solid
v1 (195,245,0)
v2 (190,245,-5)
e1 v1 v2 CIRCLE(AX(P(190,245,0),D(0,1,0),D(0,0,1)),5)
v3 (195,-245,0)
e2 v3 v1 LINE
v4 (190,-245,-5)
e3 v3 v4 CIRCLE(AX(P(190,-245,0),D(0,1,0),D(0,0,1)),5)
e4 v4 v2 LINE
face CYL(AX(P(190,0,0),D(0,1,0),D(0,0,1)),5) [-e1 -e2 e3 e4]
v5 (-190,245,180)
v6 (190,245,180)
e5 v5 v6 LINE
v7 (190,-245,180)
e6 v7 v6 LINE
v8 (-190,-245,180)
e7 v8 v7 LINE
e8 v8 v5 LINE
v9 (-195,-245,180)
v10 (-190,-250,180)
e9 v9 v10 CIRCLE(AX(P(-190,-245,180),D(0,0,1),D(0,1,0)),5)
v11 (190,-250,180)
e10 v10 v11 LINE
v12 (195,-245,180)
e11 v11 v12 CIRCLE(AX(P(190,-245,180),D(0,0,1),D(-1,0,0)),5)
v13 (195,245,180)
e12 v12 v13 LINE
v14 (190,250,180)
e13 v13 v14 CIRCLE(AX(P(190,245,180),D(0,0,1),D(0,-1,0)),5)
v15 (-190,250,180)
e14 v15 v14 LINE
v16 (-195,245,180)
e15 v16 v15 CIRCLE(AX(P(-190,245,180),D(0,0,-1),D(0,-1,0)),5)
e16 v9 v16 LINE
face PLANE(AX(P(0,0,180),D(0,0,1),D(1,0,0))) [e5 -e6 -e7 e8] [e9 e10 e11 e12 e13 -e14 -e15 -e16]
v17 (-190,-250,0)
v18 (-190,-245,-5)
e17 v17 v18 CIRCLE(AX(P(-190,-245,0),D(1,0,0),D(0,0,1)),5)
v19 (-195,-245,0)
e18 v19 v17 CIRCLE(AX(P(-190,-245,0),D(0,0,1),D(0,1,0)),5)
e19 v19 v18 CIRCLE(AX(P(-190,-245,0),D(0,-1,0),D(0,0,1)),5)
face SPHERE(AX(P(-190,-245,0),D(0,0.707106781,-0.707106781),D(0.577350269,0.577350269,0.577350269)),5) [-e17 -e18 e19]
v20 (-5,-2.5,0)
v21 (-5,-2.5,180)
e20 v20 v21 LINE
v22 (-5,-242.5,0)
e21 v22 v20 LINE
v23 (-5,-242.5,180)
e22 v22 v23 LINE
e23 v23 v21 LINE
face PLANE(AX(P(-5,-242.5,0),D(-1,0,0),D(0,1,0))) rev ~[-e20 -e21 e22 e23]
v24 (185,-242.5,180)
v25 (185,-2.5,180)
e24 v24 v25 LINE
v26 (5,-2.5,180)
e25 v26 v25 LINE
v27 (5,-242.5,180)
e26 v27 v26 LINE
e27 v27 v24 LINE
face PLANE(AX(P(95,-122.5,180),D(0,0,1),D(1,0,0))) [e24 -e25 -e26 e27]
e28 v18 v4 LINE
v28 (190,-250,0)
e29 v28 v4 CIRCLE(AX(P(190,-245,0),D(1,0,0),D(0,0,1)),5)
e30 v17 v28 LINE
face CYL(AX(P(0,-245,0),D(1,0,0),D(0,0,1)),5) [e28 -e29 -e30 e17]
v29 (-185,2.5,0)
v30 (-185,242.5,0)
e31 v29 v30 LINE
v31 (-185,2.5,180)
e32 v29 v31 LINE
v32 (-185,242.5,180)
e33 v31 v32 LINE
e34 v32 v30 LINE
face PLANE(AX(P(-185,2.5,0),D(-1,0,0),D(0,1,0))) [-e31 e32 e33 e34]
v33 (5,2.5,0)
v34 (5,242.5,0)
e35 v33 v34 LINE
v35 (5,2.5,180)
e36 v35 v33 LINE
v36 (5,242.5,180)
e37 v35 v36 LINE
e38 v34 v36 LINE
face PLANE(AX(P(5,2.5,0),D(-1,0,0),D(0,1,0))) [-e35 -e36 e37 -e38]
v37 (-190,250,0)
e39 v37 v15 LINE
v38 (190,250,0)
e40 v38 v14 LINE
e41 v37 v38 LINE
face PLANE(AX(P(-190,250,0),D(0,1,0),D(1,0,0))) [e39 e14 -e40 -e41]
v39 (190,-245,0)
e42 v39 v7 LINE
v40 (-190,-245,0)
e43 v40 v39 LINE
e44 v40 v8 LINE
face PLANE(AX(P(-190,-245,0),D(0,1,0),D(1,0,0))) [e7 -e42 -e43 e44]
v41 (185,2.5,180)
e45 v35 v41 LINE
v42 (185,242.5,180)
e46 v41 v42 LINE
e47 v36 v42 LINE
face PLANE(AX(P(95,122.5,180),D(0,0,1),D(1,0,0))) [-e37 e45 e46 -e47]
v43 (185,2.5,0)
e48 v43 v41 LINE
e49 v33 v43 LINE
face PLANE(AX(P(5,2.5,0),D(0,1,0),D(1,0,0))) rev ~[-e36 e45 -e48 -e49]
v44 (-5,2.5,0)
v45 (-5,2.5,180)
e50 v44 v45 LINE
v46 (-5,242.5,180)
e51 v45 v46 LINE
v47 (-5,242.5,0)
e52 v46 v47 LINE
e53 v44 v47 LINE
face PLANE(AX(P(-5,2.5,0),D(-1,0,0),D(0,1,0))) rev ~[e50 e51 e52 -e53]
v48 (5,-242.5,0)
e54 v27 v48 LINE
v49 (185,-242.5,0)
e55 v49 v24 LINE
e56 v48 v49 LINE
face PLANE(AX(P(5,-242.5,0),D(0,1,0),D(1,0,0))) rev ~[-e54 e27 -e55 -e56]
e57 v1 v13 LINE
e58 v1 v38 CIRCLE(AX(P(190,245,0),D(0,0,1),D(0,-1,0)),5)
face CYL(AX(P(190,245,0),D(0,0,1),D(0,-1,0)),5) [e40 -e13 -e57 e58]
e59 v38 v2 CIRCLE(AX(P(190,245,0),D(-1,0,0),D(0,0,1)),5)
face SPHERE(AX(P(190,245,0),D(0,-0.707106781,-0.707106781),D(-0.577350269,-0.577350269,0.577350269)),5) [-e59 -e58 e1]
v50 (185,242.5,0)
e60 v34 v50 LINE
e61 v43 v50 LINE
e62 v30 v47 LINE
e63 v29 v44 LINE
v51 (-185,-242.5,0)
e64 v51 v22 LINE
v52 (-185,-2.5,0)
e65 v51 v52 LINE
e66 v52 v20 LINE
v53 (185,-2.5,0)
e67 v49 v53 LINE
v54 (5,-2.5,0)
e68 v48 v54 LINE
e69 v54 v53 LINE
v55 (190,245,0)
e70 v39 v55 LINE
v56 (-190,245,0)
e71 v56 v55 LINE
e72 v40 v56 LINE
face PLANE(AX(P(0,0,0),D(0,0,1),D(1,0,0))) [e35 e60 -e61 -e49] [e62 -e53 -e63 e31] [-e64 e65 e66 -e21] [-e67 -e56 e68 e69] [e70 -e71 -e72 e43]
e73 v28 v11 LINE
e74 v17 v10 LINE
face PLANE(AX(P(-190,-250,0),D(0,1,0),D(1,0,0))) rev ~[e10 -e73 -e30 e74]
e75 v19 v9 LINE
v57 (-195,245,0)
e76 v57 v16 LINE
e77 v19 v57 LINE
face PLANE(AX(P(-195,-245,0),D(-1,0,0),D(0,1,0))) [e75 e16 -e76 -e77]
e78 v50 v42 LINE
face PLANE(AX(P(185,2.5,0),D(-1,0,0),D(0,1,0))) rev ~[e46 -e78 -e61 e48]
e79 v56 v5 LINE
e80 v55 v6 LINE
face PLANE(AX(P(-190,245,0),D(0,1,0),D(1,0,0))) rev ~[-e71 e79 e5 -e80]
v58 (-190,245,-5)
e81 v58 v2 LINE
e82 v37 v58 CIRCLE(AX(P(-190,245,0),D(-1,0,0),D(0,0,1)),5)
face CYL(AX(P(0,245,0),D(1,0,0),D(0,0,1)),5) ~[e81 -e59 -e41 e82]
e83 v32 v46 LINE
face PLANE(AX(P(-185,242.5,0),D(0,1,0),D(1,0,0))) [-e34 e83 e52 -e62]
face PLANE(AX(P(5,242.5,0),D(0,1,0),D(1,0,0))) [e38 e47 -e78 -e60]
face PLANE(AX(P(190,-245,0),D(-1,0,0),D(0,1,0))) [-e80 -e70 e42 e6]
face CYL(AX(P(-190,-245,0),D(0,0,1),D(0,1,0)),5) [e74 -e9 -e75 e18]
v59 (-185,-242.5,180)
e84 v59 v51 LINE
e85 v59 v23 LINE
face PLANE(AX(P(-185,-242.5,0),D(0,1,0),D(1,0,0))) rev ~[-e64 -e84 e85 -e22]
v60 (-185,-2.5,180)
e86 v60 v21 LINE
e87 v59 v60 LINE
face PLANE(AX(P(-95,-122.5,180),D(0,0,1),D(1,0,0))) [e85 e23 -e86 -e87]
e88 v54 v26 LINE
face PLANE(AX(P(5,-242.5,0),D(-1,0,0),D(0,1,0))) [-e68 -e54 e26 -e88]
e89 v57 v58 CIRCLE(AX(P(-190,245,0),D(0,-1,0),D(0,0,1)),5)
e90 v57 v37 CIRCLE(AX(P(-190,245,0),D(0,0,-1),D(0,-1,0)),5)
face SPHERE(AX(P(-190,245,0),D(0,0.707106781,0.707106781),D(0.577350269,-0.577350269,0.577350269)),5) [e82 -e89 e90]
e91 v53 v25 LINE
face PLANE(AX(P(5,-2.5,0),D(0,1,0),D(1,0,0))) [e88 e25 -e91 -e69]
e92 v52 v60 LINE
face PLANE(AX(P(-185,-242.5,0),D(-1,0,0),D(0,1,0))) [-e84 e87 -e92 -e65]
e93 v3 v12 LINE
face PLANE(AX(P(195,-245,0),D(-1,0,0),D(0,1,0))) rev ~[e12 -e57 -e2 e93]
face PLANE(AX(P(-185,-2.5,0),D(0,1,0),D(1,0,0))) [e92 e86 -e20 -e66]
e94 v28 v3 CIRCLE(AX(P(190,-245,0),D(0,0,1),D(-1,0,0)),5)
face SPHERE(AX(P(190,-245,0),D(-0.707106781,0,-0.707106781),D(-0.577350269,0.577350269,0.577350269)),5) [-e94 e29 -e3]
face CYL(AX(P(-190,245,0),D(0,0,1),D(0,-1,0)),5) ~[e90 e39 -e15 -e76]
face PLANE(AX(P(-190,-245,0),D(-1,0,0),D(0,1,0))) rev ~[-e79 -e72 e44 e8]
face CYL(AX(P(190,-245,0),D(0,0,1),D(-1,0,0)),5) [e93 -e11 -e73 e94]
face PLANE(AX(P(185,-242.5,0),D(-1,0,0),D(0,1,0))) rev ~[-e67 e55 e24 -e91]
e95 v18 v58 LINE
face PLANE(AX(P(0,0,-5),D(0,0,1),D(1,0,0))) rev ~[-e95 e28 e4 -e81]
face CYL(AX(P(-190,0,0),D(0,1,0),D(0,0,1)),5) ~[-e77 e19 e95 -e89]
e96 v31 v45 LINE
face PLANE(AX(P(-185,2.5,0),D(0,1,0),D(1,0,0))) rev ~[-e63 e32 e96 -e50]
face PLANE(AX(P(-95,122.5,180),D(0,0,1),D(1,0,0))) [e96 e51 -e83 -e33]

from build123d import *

# Parameters (mm, degrees)
SKETCH_W     = 380
SKETCH_H     = 490
PAD_DEPTH    = 180
THICKNESS_T  = 5
SKETCH001_W  = 180
SKETCH001_H  = 240
PAD001_DEPTH = 180
PAD002_DEPTH = 10


with BuildPart() as part:
    # Sketch → Pad (new body)
    with BuildSketch(Plane.XY):
        Rectangle(SKETCH_W, SKETCH_H)
    extrude(amount=PAD_DEPTH)

    # Thickness
    thickness_openings = [part.faces().sort_by_distance(p)[0] for p in [
        (0, 0, 180),
    ]]
    offset(amount=THICKNESS_T, openings=thickness_openings)

    # Sketch001 (on Face5 of Thickness) → Pad001 (join)
    with BuildSketch(Plane.XY):
        with Locations((-95, 122.5)):
            Rectangle(SKETCH001_W, SKETCH001_H)
        with Locations((95, 122.5)):
            Rectangle(SKETCH001_W, SKETCH001_H)
        with Locations((-95, -122.5)):
            Rectangle(SKETCH001_W, SKETCH001_H)
        with Locations((95, -122.5)):
            Rectangle(SKETCH001_W, SKETCH001_H)
    extrude(amount=PAD001_DEPTH)

    # Sketch001 (on Face5 of Thickness) → Pad002 (join)
    with BuildSketch(Plane.XY):
        with Locations((-95, 122.5)):
            Rectangle(SKETCH001_W, SKETCH001_H)
        with Locations((95, 122.5)):
            Rectangle(SKETCH001_W, SKETCH001_H)
        with Locations((-95, -122.5)):
            Rectangle(SKETCH001_W, SKETCH001_H)
        with Locations((95, -122.5)):
            Rectangle(SKETCH001_W, SKETCH001_H)
    extrude(amount=PAD002_DEPTH)


solid = part.part
